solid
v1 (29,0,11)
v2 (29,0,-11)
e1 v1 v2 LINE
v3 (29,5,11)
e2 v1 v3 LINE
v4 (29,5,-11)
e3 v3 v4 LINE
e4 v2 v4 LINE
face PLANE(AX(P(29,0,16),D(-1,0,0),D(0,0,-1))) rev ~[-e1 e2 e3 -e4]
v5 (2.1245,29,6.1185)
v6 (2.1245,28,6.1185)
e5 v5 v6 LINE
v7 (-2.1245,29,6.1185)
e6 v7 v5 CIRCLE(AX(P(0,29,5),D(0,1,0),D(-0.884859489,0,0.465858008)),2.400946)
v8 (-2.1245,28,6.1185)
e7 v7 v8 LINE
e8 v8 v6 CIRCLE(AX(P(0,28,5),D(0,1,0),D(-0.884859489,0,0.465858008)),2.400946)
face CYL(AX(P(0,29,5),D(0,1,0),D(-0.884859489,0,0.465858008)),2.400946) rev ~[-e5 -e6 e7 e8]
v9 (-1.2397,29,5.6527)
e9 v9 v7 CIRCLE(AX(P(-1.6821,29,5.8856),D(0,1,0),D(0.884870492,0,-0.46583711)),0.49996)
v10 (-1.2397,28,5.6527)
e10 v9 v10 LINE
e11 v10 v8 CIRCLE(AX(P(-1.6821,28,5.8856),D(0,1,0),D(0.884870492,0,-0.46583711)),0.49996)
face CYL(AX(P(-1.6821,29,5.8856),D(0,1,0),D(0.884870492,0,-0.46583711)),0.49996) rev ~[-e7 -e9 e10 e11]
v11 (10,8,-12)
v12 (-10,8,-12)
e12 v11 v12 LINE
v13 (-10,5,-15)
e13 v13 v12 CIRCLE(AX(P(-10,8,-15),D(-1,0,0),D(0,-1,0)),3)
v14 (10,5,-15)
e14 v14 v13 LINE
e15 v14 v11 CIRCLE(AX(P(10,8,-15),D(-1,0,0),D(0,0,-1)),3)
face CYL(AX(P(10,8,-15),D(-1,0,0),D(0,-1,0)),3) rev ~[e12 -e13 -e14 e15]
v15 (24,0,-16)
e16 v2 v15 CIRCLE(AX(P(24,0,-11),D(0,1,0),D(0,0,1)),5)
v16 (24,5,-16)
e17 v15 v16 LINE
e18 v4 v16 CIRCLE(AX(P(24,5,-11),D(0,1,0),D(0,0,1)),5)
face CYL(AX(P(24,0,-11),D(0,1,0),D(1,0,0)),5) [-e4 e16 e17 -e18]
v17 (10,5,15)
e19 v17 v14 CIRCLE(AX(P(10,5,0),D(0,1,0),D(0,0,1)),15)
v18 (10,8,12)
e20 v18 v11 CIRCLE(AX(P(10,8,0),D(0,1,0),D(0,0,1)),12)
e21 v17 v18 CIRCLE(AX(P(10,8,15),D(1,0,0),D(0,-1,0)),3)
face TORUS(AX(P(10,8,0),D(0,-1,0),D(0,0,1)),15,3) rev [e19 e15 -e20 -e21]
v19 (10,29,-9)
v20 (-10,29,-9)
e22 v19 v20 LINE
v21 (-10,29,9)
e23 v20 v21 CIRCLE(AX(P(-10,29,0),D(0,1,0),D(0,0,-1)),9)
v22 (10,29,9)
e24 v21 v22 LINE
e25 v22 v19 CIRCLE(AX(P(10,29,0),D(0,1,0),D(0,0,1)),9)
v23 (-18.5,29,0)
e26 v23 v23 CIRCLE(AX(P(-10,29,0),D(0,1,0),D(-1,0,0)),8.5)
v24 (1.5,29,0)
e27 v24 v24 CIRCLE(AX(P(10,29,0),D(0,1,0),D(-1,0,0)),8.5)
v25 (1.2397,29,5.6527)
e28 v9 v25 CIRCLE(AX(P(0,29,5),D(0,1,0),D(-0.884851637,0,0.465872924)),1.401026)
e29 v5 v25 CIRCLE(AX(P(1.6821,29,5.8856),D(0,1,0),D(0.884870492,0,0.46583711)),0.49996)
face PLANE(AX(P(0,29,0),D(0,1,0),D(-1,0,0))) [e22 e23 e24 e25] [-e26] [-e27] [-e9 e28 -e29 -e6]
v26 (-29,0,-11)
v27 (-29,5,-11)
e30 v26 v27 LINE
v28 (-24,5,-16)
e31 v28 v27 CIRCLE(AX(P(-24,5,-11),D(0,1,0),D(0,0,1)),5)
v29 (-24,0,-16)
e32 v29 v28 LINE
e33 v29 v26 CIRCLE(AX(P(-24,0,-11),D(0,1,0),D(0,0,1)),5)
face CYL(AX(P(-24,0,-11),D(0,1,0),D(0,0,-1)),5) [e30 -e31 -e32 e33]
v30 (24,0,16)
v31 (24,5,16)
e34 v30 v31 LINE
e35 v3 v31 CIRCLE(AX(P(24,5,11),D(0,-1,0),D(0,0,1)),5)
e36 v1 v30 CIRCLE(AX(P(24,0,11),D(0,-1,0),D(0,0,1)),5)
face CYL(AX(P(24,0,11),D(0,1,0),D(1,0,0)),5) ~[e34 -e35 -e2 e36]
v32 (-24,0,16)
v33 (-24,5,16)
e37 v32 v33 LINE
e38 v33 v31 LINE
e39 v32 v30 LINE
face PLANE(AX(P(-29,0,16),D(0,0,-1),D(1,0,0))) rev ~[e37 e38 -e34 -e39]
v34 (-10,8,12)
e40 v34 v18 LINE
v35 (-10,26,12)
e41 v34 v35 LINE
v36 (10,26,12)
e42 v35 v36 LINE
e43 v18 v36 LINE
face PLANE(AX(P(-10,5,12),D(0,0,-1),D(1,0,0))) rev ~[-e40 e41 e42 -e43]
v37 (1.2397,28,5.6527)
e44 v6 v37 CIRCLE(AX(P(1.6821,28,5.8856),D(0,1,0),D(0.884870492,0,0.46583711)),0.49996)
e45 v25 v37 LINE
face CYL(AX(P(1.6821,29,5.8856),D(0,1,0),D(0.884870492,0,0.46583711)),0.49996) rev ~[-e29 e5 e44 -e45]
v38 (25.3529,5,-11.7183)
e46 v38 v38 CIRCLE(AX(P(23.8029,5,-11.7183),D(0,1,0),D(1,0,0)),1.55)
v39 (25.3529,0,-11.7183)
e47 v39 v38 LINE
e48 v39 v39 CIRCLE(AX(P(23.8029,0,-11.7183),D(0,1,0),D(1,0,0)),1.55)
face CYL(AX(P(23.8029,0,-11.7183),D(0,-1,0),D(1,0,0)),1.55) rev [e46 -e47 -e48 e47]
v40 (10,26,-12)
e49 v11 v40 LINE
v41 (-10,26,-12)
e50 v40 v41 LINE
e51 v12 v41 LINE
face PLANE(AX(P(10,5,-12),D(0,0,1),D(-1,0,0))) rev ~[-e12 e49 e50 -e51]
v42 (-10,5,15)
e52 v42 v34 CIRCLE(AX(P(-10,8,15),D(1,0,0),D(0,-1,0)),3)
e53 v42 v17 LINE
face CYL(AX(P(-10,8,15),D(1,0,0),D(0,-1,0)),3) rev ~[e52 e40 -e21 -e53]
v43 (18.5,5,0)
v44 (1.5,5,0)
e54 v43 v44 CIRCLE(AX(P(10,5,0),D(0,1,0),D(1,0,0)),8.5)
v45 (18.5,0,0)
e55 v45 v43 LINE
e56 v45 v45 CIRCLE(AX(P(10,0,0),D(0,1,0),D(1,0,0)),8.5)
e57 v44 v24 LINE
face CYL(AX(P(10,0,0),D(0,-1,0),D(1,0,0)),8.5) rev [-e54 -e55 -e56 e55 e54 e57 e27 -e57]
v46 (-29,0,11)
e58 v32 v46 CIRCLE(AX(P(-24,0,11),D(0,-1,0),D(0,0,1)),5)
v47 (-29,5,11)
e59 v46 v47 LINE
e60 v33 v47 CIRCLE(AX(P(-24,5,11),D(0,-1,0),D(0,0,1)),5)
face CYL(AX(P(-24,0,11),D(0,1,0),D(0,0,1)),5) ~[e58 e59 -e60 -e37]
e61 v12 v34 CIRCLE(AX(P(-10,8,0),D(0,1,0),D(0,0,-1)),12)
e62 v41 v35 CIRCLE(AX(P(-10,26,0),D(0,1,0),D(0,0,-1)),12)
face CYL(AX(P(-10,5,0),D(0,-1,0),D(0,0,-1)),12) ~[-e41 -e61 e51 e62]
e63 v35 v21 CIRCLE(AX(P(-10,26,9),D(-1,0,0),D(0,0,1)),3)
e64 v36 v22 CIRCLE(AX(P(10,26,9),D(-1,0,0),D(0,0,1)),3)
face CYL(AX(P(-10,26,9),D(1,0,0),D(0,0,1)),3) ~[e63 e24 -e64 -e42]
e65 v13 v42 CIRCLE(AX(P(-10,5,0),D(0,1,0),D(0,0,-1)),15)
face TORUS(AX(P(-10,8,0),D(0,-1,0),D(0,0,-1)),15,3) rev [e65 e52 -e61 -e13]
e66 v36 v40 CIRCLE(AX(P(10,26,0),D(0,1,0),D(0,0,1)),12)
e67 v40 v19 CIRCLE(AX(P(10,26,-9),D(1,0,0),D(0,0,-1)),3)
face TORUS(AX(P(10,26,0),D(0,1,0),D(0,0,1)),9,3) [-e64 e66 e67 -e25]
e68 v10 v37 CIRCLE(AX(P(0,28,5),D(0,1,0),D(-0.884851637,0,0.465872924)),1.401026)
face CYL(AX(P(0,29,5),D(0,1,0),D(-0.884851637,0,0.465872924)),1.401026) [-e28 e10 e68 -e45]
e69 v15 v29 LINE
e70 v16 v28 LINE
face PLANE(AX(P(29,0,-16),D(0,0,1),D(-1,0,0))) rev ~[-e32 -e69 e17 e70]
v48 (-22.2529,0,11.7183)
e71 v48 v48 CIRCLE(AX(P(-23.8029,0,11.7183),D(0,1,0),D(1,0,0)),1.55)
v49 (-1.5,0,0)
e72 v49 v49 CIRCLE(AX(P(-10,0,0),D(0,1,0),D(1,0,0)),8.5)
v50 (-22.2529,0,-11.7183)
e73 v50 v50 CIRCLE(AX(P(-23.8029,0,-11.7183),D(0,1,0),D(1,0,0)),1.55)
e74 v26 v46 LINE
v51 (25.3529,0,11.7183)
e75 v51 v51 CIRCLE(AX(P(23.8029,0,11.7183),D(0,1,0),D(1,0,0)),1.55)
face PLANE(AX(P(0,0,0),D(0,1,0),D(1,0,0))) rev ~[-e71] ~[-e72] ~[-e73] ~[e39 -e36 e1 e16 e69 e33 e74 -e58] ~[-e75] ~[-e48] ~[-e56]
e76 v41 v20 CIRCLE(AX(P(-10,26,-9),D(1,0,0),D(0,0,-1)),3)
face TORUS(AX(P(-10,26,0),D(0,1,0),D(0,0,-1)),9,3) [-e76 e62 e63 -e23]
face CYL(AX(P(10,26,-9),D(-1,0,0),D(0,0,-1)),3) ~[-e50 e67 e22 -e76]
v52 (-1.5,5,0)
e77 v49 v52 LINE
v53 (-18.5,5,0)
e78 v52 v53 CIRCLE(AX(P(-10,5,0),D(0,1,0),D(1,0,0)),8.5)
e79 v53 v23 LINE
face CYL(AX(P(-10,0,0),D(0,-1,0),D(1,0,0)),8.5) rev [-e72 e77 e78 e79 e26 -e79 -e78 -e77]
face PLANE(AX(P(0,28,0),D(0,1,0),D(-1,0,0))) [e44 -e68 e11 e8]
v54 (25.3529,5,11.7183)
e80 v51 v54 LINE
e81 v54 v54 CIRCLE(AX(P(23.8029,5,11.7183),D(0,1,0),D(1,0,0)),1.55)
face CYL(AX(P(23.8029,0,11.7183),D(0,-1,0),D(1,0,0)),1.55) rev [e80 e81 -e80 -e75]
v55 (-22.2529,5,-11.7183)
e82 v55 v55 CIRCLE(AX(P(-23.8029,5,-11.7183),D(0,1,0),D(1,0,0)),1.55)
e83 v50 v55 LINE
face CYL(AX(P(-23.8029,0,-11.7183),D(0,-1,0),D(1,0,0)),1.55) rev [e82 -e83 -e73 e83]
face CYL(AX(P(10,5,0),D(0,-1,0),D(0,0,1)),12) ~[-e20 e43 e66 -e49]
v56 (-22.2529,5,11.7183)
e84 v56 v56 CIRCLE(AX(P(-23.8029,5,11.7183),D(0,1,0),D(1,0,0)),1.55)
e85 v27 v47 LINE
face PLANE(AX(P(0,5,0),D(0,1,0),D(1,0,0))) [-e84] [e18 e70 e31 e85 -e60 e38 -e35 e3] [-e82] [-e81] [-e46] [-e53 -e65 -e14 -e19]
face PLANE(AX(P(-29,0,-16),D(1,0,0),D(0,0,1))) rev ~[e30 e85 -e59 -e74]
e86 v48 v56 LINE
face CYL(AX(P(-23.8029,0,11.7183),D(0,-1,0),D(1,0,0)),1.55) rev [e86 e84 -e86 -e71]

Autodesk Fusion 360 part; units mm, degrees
sketch "Sketch1" plane through (0, 0, 0) normal (0, 1, 0) x (1, 0, 0)
  line L0 (29, 16) -> (-29, 16)
  line L1 (-29, 16) -> (-29, -16)
  line L2 (-29, -16) -> (29, -16)
  line L3 (29, -16) -> (29, 16)
  line L4 (23.8029, 11.7183) -> (-23.8029, 11.7183) construction
  line L5 (-23.8029, 11.7183) -> (-23.8029, -11.7183) construction
  line L6 (-23.8029, -11.7183) -> (23.8029, -11.7183) construction
  line L7 (23.8029, -11.7183) -> (23.8029, 11.7183) construction
  line L8 (23.8029, 11.7183) -> (-23.8029, -11.7183) construction
  line L9 (-23.8029, 11.7183) -> (23.8029, -11.7183) construction
  circle A0 centre (-23.8029, 11.7183) radius 1.55
  circle A1 centre (23.8029, 11.7183) radius 1.55
  circle A2 centre (23.8029, -11.7183) radius 1.55
  circle A3 centre (-23.8029, -11.7183) radius 1.55
  line L10 (-10, 0) -> (10, 0) construction
  circle A4 centre (-10, 0) radius 8.5
  circle A5 centre (10, 0) radius 8.5
  line L11 (0, 11.7183) -> (0, 16) construction
  dimension "d2" = 32
  dimension "d4" = 3.1
  dimension "d5" = 17
  dimension "d6" = 20
  dimension "d7" = 58
extrude "Extrude1" add sketch "Sketch1" along normal blind 5
sketch "Sketch2" plane through (0, 5, 0) normal (0, 1, 0) x (-1, 0, 0)
  circle A0 centre (-23.8029, -11.7183) radius 1.55
  circle A1 centre (23.8029, -11.7183) radius 1.55
  circle A2 centre (-23.8029, 11.7183) radius 1.55
  circle A3 centre (23.8029, 11.7183) radius 1.55
  circle A4 centre (10, 0) radius 8.5
  circle A5 centre (-10, 0) radius 8.5
  line L0 (-29, 16) -> (-29, -16)
  line L1 (-29, -16) -> (29, -16)
  line L2 (29, -16) -> (29, 16)
  line L3 (29, 16) -> (-29, 16)
  line L4 (10, 12) -> (-10, 12)
  arc A6 (-10, 12) -> (-10, -12) centre (-10, 0) ccw
  line L5 (-10, -12) -> (10, -12)
  arc A7 (10, -12) -> (10, 12) centre (10, 0) ccw
  line L6 (10, 0) -> (-10, 0) construction
  dimension "d10" = 20
  dimension "d11" = 12
extrude "Extrude2" add sketch "Sketch2" along normal blind 24 contours L4 A6 L5 A7
fillet "Fillet1" radius 5 4 edges at (-29, 2.5, 16) (-29, 2.5, -16) (29, 2.5, -16) (29, 2.5, 16)
fillet "Fillet2" radius 3 4 faces at (-3.3333, 13, 12) (20.0803, 13, -6.5106) (3.3333, 13, -12) (-17.2457, 21, -9.5656)
sketch "Sketch3" plane through (0, 29, 0) normal (0, 1, 0) x (-1, 0, 0)
  circle A0 centre (-10, 0) radius 8.5
  circle A1 centre (10, 0) radius 8.5
  line L0 (10, 9) -> (-10, 9)
  arc A2 (-10, 9) -> (-10, -9) centre (-10, 0) ccw
  line L1 (-10, -9) -> (10, -9)
  arc A3 (10, -9) -> (10, 9) centre (10, 0) ccw
  arc A4 (1.2397, 5.6527) -> (-1.2397, 5.6527) centre (0, 5) ccw
  arc A5 (1.2397, 5.6527) -> (2.1245, 6.1185) centre (1.6821, 5.8856) ccw
  arc A6 (2.1245, 6.1185) -> (-2.1245, 6.1185) centre (0, 5) ccw
  arc A7 (-2.1245, 6.1185) -> (-1.2397, 5.6527) centre (-1.6821, 5.8856) ccw
  arc A8 (1.6821, 5.8856) -> (-1.6821, 5.8856) centre (0, 5) ccw construction
  line L2 (0, 5) -> (0, 0) construction
  line L3 (1.6821, 5.8856) -> (-1.6821, 5.8856) construction
  dimension "d18" = 0.5
  dimension "d19" = 5
extrude "Extrude3" cut sketch "Sketch3" against normal blind 1 contours A4 A5 A6 A7
